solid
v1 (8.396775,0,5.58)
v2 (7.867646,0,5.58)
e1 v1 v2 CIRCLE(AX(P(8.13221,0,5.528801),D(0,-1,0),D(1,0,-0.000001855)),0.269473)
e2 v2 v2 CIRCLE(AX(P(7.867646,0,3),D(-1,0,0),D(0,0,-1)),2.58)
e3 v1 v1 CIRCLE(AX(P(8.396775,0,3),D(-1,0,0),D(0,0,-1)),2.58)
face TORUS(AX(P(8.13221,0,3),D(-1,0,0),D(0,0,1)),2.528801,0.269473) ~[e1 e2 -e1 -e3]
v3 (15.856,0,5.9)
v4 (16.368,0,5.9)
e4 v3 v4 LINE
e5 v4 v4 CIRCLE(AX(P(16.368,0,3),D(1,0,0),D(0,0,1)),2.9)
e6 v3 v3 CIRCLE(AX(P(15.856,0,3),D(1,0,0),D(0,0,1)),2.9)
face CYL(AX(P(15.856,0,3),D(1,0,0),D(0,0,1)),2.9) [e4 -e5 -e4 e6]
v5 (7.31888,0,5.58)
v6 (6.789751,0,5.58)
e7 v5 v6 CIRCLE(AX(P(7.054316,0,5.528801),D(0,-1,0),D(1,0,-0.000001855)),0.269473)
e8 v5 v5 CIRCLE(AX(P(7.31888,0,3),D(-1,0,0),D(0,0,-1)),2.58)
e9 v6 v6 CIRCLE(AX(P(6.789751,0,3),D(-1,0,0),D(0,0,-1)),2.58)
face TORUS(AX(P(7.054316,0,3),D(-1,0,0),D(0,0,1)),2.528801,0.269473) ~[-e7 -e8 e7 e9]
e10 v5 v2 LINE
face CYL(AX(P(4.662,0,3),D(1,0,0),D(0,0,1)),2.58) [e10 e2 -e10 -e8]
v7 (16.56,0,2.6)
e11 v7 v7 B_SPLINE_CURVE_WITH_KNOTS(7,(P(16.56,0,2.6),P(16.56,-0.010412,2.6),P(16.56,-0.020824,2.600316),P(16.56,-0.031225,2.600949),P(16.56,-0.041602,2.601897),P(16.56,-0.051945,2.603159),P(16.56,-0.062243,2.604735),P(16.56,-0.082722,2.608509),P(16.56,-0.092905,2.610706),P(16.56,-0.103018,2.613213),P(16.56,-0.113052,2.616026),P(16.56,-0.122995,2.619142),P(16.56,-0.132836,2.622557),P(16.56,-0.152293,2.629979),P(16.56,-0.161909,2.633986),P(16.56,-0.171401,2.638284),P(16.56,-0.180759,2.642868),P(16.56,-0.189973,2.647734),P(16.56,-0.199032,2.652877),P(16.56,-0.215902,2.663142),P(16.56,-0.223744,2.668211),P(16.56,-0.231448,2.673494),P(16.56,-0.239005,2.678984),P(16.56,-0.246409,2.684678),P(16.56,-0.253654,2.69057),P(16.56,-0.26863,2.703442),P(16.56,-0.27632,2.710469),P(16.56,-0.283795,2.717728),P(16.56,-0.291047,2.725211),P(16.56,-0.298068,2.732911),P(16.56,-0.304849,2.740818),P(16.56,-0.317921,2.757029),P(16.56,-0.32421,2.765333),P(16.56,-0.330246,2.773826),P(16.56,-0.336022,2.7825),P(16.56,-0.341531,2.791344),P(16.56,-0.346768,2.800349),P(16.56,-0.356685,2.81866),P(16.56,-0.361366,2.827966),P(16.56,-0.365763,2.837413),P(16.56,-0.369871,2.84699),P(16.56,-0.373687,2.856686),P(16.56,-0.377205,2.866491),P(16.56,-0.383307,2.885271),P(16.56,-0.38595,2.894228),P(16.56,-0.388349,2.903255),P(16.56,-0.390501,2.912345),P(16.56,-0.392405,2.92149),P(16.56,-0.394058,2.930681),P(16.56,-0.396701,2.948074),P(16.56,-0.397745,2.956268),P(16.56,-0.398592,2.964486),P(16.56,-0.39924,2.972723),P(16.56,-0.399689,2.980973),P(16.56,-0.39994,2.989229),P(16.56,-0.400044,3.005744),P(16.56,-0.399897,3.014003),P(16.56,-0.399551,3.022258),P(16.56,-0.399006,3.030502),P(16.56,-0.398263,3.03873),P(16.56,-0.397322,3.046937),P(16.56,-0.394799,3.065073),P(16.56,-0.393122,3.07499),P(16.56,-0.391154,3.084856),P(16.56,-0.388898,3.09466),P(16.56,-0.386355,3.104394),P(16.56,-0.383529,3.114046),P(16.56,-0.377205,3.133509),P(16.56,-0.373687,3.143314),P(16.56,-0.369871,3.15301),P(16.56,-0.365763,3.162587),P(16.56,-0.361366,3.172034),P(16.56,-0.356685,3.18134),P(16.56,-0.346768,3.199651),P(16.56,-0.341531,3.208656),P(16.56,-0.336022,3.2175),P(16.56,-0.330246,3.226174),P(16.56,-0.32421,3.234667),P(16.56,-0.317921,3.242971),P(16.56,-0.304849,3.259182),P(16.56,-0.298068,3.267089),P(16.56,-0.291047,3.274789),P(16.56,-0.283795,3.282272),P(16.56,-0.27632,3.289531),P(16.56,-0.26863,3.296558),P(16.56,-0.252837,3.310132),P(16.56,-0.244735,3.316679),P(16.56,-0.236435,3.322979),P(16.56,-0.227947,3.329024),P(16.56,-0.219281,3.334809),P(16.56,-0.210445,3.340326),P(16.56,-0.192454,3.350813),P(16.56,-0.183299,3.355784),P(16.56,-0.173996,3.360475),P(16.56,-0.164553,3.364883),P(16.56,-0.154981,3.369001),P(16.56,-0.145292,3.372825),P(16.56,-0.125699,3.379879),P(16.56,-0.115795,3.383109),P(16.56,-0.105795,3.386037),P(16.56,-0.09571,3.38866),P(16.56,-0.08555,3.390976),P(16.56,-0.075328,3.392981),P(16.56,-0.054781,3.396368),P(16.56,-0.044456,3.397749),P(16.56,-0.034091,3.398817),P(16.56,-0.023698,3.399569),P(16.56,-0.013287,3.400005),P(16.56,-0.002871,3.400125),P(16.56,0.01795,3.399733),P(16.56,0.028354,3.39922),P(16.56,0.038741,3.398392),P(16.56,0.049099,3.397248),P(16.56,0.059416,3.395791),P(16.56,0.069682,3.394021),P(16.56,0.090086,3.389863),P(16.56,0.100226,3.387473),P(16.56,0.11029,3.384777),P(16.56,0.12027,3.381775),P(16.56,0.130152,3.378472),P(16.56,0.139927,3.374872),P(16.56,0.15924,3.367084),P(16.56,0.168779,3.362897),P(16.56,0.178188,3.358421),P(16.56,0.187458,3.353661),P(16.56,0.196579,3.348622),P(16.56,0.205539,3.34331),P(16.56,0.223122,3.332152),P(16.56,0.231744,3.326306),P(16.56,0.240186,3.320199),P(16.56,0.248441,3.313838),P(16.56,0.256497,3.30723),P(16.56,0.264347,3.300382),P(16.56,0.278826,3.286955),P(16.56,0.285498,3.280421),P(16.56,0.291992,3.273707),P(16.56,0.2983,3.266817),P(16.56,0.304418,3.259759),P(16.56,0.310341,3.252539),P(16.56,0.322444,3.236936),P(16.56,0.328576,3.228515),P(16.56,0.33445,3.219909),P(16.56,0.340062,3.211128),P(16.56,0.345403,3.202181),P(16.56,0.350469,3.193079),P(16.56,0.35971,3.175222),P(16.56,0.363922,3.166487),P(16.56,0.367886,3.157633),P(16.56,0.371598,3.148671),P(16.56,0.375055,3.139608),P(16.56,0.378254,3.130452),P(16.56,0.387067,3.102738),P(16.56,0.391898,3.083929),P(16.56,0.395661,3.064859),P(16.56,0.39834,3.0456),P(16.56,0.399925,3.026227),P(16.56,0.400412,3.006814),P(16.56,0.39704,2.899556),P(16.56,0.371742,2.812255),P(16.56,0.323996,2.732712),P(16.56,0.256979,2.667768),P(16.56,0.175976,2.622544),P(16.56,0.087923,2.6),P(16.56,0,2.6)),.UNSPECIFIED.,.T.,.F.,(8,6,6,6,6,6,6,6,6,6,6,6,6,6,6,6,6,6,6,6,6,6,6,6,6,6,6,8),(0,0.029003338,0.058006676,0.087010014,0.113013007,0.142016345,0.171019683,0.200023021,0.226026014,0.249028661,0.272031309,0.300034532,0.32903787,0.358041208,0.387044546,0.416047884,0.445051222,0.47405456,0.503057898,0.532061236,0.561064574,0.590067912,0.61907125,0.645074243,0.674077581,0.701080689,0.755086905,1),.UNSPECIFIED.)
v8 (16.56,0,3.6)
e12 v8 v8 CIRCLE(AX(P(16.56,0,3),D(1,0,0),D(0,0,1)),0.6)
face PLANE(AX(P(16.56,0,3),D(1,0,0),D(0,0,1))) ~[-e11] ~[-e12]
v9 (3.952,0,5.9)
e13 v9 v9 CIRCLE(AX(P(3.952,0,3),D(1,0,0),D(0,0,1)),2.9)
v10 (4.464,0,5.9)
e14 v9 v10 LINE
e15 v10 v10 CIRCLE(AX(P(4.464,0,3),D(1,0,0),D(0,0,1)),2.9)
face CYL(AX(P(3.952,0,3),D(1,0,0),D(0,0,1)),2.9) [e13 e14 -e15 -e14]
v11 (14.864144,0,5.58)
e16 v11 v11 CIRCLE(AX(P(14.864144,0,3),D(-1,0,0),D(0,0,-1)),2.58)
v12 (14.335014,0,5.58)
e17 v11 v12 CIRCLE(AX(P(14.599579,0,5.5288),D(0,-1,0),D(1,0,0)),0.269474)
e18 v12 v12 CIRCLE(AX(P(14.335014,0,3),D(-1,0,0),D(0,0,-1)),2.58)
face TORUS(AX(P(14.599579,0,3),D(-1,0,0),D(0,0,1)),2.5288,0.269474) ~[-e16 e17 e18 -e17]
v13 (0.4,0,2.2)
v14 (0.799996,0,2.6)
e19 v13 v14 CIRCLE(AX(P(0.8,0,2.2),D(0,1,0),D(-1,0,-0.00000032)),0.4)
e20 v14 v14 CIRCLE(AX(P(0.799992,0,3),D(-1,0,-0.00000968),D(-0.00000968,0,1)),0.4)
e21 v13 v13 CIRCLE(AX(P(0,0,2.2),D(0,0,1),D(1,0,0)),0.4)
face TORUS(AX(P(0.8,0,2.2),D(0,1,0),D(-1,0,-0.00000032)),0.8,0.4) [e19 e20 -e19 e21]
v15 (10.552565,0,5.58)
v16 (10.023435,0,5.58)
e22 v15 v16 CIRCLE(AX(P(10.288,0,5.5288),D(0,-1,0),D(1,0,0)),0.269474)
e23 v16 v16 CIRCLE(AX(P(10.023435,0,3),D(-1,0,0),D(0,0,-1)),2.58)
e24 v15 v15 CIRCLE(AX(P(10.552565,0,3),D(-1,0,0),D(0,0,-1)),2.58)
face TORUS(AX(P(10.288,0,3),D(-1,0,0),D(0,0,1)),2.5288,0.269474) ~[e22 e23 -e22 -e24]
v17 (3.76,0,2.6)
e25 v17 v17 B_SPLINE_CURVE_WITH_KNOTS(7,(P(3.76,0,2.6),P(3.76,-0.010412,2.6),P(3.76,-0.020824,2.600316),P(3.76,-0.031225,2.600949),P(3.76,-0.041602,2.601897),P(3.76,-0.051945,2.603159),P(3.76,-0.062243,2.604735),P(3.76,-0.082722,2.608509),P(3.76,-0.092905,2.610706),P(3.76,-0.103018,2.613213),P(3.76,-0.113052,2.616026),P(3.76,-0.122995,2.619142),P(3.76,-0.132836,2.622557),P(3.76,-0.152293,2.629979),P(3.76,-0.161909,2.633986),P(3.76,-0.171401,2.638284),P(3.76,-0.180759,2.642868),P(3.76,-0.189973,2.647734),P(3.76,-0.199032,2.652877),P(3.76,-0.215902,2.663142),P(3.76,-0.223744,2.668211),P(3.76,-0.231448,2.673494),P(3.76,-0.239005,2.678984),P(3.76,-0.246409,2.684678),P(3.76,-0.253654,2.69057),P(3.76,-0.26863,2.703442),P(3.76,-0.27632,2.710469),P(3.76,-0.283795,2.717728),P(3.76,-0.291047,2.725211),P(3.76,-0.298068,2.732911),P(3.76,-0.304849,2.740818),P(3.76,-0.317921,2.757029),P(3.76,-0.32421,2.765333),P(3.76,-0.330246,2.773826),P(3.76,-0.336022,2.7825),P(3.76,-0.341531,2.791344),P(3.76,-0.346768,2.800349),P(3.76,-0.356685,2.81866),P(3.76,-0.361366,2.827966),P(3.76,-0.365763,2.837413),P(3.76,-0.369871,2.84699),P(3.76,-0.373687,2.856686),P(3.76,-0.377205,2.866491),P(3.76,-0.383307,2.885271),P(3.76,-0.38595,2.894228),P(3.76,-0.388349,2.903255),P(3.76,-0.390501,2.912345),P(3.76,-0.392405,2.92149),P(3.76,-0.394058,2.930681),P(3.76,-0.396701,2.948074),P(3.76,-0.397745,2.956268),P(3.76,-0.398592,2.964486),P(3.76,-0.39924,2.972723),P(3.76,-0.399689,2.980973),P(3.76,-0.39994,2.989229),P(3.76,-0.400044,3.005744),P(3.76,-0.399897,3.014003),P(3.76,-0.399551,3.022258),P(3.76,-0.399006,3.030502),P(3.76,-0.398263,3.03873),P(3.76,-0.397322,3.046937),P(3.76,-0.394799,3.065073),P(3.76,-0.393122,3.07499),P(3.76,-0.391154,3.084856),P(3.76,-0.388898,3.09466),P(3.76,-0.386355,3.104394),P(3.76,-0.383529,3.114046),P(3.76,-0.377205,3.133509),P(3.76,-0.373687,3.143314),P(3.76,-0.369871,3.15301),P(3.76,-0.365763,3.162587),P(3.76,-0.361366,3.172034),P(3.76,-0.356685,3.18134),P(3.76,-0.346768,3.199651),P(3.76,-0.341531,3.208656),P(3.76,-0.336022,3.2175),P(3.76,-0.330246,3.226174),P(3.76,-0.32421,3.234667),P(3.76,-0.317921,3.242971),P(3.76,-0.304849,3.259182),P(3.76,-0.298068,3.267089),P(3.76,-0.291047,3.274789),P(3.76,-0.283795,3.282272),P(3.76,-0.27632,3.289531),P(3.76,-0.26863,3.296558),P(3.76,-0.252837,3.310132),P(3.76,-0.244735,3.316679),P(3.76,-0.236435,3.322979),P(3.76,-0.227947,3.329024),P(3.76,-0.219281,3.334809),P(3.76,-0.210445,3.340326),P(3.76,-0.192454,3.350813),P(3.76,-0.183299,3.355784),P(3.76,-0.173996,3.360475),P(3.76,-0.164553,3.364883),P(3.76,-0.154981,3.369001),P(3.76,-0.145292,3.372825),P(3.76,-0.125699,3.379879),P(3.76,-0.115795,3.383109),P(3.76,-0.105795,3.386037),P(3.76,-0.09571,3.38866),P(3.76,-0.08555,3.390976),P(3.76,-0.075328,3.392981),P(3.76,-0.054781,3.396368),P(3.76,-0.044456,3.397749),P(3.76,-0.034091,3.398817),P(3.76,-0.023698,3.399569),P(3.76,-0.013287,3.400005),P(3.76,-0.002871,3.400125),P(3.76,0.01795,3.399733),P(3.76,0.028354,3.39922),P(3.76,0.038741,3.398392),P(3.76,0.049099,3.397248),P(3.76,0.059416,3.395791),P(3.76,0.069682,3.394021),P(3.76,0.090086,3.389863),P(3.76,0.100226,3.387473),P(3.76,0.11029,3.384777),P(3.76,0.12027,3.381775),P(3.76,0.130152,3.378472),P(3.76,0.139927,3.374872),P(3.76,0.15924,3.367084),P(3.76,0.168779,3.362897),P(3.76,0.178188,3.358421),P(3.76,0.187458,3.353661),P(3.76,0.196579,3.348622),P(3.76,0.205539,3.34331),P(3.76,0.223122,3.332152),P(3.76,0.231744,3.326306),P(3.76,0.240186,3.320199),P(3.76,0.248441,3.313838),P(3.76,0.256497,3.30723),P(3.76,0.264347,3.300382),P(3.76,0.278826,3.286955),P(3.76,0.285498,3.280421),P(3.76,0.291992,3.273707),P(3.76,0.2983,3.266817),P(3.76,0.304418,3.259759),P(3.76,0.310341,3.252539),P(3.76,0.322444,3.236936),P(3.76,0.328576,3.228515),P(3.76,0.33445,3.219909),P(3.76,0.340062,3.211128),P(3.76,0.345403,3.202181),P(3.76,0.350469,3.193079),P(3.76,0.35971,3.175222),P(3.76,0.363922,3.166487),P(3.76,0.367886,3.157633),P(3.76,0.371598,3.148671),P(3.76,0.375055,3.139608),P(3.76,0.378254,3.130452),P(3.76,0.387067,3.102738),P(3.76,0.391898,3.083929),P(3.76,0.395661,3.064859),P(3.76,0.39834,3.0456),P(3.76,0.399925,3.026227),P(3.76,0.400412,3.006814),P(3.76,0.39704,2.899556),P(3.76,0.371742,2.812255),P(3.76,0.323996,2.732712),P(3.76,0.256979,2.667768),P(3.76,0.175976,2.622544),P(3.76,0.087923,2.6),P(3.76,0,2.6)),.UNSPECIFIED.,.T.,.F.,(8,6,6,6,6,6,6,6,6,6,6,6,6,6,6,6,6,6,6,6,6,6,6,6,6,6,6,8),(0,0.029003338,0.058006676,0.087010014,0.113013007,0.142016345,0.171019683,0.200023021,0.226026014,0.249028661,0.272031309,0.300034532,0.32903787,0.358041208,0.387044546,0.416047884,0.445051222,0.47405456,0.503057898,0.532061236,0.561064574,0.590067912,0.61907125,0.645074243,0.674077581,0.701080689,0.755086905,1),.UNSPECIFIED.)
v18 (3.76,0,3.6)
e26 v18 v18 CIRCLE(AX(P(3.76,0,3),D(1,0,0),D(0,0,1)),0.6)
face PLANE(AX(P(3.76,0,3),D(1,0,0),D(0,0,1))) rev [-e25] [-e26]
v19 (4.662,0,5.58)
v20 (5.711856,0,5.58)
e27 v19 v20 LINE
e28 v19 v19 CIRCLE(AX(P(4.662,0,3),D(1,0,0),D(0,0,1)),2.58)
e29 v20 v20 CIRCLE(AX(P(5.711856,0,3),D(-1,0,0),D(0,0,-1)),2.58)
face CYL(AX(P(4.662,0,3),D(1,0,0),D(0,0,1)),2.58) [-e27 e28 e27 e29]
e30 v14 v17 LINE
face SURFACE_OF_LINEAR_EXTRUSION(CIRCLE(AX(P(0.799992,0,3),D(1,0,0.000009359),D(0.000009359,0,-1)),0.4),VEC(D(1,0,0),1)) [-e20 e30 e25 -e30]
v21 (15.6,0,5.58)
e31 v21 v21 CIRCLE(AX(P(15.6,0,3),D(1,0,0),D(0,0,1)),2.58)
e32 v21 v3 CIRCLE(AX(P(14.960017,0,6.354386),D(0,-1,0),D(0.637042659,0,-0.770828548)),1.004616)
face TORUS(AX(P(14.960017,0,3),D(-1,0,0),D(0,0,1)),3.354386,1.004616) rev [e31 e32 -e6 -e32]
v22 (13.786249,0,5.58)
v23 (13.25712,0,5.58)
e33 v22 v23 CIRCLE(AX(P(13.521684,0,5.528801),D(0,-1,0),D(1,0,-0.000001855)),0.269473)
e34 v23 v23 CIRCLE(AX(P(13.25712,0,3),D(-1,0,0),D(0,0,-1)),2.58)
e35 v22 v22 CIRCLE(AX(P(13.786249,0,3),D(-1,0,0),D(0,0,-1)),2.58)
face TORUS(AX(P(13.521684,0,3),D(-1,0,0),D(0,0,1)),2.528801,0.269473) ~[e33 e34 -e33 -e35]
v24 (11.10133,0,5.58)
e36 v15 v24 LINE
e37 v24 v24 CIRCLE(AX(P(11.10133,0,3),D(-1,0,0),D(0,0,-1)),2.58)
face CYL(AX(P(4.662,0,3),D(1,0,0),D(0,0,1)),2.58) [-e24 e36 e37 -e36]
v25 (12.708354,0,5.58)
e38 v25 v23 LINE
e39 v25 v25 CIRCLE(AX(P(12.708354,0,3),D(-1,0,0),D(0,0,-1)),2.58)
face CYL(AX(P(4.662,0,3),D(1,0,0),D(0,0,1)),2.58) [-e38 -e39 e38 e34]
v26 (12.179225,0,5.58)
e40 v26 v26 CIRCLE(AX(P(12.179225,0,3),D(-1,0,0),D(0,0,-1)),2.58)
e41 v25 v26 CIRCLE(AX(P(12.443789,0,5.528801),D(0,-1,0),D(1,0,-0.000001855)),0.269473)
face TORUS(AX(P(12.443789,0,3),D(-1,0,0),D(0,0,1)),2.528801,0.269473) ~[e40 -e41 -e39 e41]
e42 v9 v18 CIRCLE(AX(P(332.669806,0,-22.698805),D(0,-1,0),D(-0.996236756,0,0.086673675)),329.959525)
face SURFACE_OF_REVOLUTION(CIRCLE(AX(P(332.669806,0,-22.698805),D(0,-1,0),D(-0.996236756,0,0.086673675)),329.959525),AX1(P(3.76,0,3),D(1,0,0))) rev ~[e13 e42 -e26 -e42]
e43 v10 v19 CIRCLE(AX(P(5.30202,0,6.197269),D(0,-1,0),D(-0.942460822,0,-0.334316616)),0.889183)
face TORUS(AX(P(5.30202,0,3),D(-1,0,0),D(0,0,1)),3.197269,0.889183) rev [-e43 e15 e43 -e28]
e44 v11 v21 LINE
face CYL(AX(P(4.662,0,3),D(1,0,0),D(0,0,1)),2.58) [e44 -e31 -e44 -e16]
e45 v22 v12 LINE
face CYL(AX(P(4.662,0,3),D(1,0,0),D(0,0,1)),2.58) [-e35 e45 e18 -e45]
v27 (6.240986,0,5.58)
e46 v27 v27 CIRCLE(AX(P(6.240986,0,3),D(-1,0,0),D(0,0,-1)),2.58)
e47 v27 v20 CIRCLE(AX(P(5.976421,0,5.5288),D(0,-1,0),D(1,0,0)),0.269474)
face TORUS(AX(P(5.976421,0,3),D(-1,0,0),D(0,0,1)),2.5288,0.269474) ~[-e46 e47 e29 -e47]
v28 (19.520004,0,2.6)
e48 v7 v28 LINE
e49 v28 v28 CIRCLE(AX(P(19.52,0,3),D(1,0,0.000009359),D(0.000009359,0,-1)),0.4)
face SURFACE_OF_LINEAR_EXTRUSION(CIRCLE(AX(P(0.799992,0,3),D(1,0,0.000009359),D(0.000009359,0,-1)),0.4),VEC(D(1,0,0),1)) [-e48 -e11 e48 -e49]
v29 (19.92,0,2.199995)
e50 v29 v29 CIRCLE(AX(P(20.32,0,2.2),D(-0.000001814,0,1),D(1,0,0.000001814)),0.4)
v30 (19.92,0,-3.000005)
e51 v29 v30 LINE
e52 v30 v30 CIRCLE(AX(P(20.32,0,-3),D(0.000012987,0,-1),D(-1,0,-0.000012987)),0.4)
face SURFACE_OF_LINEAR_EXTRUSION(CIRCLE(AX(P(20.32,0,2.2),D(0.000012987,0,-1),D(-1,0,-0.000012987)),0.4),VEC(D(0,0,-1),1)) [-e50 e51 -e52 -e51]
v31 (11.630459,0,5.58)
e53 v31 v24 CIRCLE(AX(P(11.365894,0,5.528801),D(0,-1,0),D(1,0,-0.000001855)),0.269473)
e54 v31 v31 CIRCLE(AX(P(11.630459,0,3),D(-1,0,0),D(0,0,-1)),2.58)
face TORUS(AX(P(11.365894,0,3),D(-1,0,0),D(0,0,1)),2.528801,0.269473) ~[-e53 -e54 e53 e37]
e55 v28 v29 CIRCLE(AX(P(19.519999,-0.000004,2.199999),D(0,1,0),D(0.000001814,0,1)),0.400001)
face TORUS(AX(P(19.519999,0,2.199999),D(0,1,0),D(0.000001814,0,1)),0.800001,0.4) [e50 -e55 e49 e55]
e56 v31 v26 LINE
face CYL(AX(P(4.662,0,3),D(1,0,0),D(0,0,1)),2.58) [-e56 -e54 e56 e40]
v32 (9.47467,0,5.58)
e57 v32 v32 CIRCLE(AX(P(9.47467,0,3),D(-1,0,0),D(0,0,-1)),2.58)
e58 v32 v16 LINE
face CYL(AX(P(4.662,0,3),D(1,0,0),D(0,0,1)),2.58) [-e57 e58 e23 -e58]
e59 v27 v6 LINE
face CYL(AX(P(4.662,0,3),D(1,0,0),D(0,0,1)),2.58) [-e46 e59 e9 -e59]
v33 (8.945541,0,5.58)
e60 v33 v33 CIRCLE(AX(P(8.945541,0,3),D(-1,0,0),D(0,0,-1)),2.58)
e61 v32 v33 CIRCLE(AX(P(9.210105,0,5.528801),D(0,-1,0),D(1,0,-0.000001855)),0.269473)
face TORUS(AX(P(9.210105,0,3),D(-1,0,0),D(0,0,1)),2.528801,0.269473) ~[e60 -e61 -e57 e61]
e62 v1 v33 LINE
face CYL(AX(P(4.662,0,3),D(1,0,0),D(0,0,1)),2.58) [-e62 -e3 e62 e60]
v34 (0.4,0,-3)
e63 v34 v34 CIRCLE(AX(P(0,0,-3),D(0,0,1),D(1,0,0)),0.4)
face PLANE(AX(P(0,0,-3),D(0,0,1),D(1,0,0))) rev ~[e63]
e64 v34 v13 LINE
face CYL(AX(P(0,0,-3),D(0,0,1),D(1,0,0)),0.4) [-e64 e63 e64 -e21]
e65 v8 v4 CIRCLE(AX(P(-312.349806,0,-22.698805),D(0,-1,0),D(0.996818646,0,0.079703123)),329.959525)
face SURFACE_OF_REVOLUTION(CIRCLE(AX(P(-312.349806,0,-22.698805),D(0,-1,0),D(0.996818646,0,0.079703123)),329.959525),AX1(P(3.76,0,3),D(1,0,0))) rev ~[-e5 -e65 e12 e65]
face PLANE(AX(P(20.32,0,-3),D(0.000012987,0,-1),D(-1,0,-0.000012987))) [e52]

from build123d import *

# Parameters (mm, degrees)
SKETCH_R = 0.4


with BuildPart() as sweep_body:
    # Sweep: sweep along a path in Sketch001
    with BuildLine(Plane.XZ) as sweep_path:
        Line((0, -3), (0, 2.2))
        ThreePointArc((0, 2.2), (0.234312, 2.765683), (0.799992, 3))
        Line((0.799992, 3), (19.52, 3))
        ThreePointArc((19.52, 3), (20.085685, 2.765685), (20.32, 2.2))
        Line((20.32, 2.2), (20.32, -3))
    # Sketch → Sweep (sweep)
    with BuildSketch(Plane.XY.offset(-2)):
        Circle(SKETCH_R)
    sweep(path=sweep_path.line)


with BuildPart() as revolution001:
    # Sketch003 → Revolution001 (revolve)
    with BuildSketch(Plane.XZ):
        with BuildLine():
            ThreePointArc((6.245895, 5.5288), (5.976421, 5.798274), (5.706947, 5.5288))
            Line((5.168, 5.5288), (5.706947, 5.5288))
            Line((5.168, 5.5288), (5.168, 4.9488))
            Line((5.168, 4.9488), (15.408, 4.9488))
            Line((15.408, 4.9488), (15.408, 5.5288))
            Line((14.869053, 5.5288), (15.408, 5.5288))
            ThreePointArc((14.869053, 5.5288), (14.599579, 5.798274), (14.330105, 5.5288))
            Line((13.791158, 5.5288), (14.330105, 5.5288))
            ThreePointArc((13.791158, 5.5288), (13.521684, 5.798274), (13.252211, 5.5288))
            Line((12.713263, 5.5288), (13.252211, 5.5288))
            ThreePointArc((12.713263, 5.5288), (12.443789, 5.798274), (12.174316, 5.5288))
            Line((11.635368, 5.5288), (12.174316, 5.5288))
            ThreePointArc((11.635368, 5.5288), (11.365895, 5.798274), (11.096421, 5.5288))
            Line((10.557474, 5.5288), (11.096421, 5.5288))
            ThreePointArc((10.557474, 5.5288), (10.288, 5.798274), (10.018526, 5.5288))
            Line((9.479579, 5.5288), (10.018526, 5.5288))
            ThreePointArc((9.479579, 5.5288), (9.210105, 5.798274), (8.940632, 5.5288))
            Line((8.401684, 5.5288), (8.940632, 5.5288))
            ThreePointArc((8.401684, 5.5288), (8.132211, 5.798274), (7.862737, 5.5288))
            Line((7.323789, 5.5288), (7.862737, 5.5288))
            ThreePointArc((7.323789, 5.5288), (7.054316, 5.798274), (6.784842, 5.5288))
            Line((6.245895, 5.5288), (6.784842, 5.5288))
        make_face()
    revolve(axis=Axis((4.08, 0, 3), (1, 0, 0)))


with BuildPart() as revolution_mp_cp:
    # Sketch002 → Revolution (revolve)
    with BuildSketch(Plane.XZ):
        with BuildLine():
            Line((3.952, 5.9), (4.464, 5.9))
            ThreePointArc((4.464, 5.9), (4.545878, 5.729406), (4.662, 5.58))
            Line((4.662, 5.58), (15.6, 5.58))
            ThreePointArc((15.6, 5.58), (15.74449, 5.726808), (15.856, 5.9))
            Line((15.856, 5.9), (16.368, 5.9))
            ThreePointArc((16.56, 3.6), (16.466011, 4.750168), (16.368, 5.9))
            Line((16.56, 3), (16.56, 3.6))
            Line((3.76, 3), (16.56, 3))
            Line((3.76, 3), (3.76, 3.6))
            ThreePointArc((3.952, 5.9), (3.853989, 4.750168), (3.76, 3.6))
        make_face()
    revolve(axis=Axis((3.76, 0, 3), (1, 0, 0)))

    # Revolution_mp_cp: union Sweep body, Revolution001
    add(sweep_body.part)
    add(revolution001.part)


solid = revolution_mp_cp.part
